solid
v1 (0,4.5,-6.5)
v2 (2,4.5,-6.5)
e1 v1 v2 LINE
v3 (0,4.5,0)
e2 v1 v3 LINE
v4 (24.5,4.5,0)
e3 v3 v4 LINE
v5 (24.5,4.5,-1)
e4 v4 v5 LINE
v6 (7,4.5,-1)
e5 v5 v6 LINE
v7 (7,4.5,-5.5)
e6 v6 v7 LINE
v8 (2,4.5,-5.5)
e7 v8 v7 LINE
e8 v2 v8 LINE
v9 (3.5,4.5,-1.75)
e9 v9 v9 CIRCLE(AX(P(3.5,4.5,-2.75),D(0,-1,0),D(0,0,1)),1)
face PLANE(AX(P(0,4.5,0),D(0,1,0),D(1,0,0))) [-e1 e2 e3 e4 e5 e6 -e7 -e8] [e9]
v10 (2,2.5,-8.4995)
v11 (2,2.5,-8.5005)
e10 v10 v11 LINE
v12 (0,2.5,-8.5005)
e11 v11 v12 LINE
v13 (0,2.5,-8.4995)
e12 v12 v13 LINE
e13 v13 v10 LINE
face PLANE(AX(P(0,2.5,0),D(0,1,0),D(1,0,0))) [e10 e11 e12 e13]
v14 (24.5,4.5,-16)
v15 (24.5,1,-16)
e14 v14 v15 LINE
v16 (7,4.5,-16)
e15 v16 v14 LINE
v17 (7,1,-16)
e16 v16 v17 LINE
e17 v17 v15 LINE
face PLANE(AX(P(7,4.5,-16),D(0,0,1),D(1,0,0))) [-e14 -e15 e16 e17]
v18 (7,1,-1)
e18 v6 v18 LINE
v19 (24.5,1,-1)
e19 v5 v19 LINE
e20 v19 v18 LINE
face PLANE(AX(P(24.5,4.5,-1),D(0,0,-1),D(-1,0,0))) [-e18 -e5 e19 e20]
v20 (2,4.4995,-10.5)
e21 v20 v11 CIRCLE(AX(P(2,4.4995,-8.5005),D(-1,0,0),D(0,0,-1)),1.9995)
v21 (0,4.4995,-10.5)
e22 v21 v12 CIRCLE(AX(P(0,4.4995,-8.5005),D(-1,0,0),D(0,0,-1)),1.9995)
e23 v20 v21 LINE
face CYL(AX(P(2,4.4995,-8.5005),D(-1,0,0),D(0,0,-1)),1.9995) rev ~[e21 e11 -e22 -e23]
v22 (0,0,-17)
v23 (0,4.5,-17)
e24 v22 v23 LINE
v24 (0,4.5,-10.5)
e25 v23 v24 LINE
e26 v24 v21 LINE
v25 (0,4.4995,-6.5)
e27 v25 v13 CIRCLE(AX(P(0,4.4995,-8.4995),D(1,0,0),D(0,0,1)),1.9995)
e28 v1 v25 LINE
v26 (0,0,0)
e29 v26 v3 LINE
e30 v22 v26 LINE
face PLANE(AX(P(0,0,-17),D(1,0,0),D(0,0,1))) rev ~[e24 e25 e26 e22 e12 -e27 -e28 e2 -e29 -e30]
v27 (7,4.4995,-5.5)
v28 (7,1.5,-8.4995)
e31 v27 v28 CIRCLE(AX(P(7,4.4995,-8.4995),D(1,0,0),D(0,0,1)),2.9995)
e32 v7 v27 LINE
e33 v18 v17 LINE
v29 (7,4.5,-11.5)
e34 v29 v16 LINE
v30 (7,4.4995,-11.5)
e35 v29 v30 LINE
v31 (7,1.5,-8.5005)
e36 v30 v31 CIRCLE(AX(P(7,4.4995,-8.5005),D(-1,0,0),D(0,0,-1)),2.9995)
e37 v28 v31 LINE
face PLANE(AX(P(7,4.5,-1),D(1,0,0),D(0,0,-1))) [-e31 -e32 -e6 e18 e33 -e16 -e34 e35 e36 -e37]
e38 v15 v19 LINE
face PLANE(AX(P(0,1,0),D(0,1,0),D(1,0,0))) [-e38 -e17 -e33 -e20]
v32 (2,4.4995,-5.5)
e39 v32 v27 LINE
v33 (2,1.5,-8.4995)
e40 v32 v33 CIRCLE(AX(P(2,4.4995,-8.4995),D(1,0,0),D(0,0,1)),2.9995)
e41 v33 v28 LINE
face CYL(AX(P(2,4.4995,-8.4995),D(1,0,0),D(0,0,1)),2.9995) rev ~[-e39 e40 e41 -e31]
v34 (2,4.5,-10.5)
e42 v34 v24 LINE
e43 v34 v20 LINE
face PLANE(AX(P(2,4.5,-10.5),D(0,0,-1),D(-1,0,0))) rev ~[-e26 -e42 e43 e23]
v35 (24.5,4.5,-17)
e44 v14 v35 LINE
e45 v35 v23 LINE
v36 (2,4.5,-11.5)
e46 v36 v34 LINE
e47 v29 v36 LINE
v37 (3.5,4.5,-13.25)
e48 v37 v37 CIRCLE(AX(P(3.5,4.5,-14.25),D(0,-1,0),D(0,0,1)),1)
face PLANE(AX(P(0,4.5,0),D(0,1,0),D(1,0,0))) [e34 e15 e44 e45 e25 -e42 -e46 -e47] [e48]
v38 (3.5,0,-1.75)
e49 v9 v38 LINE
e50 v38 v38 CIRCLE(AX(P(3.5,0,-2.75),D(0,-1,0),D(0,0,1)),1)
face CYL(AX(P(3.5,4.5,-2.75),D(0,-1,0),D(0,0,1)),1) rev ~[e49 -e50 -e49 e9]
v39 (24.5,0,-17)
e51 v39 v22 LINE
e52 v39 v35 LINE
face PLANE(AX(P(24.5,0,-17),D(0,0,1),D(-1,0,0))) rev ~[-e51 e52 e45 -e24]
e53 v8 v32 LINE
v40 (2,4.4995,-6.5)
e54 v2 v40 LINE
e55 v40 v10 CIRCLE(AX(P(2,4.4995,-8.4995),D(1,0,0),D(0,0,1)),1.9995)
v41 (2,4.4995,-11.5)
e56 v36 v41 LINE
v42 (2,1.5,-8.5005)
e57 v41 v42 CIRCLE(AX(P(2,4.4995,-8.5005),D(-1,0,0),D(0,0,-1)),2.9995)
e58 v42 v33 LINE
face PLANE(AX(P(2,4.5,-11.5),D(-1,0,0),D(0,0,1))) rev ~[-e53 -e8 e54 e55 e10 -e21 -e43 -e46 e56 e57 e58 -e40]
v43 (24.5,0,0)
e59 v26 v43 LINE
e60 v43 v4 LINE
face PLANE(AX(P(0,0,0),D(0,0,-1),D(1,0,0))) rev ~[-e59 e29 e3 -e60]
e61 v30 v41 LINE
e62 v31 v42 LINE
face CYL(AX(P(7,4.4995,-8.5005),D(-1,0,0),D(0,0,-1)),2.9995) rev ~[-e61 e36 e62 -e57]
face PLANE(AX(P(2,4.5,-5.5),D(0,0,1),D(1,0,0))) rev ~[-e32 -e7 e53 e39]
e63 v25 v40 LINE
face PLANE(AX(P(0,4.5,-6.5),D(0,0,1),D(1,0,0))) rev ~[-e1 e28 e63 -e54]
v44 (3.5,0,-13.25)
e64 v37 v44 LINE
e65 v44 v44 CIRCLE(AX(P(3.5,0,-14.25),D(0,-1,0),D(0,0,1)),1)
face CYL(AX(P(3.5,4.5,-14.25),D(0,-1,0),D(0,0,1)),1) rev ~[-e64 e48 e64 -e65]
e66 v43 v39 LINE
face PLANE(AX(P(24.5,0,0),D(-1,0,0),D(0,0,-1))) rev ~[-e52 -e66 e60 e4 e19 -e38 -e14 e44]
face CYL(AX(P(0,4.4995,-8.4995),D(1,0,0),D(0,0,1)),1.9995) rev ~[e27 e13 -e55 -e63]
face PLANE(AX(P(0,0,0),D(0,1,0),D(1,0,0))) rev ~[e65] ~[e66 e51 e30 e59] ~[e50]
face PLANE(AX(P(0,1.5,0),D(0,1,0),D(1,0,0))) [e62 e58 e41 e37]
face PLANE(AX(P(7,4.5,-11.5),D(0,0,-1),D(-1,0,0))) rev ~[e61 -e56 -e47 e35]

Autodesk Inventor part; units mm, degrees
ref_plane "YZ Plane" through (0, 0, 0) normal (1, 0, 0) x (0, 1, 0)
ref_plane "XZ Plane" through (0, 0, 0) normal (0, 1, 0) x (-1, 0, 0)
ref_plane "XY Plane" through (0, 0, 0) normal (0, 0, 1) x (1, 0, 0)
sketch "Эскиз24" plane through (0, 0, 0) normal (0, 1, 0) x (1, 0, 0)
  line L0 (0, 0) -> (24.5, 0)
  line L1 (24.5, 0) -> (24.5, 17)
  line L2 (24.5, 17) -> (0, 17)
  line L3 (0, 17) -> (0, 0)
  dimension "d124" = 24.5
  dimension "d125" = 17
extrude "Выдавливание17" add sketch "Эскиз24" along normal blind 4.5
sketch "Эскиз25" plane through (0, 4.5, 0) normal (0, 1, 0) x (1, 0, 0)
  line L0 (24.5, 1) -> (7, 1)
  line L1 (7, 1) -> (7, 16)
  line L2 (7, 16) -> (24.5, 16)
  line L3 (24.5, 16) -> (24.5, 1)
  line L4 (24.5, 0) -> (24.5, 17) projected
  line L5 (0, 17) -> (0, 0) projected
  point P0 (24.5, 8.5)
  dimension "d128" = 15
  dimension "d129" = 17.5
extrude "Выдавливание18" cut sketch "Эскиз25" against normal blind 3.5
sketch "Эскиз26" plane through (0, 4.5, 0) normal (0, 1, 0) x (1, 0, 0)
  line L0 (7, 1) -> (7, 16) projected
  line L1 (2, 5.5) -> (7, 5.5)
  line L2 (7, 5.5) -> (7, 11.5)
  line L3 (7, 11.5) -> (2, 11.5)
  line L4 (2, 11.5) -> (2, 5.5)
  line L5 (7, 1) -> (7, 16) projected
  point P0 (0, 0)
  point P1 (7, 8.5)
  dimension "d133" = 5
  dimension "d134" = 6
extrude "Выдавливание19" cut sketch "Эскиз26" against normal blind 3
fillet "Сопряжение8" radius 3 2 edges at (4.5, 1.5, -11.5) (4.5, 1.5, -5.5)
sketch "Эскиз27" plane through (0, 4.5, 0) normal (0, 1, 0) x (1, 0, 0)
  line L0 (0, 6.5) -> (2, 6.5)
  line L1 (2, 6.5) -> (2, 10.5)
  line L2 (2, 10.5) -> (0, 10.5)
  line L3 (0, 10.5) -> (0, 6.5)
  line L4 (2, 5.5) -> (2, 11.5) projected
  line L5 (0, 17) -> (0, 0) projected
  point P0 (2, 8.5)
  dimension "d138" = 4
extrude "Выдавливание20" cut sketch "Эскиз27" against normal blind 2
fillet "Сопряжение9" radius 2 2 edges at (1, 2.5, -10.5) (1, 2.5, -6.5)
sketch "Эскиз28" plane through (0, 4.5, 0) normal (0, 1, 0) x (1, 0, 0)
  line L0 (2, 11.5) -> (7, 11.5) projected
  line L1 (0, 17) -> (0, 0) projected
  line L2 (7, 11.5) -> (0, 11.5)
  line L3 (0, 11.5) -> (0, 17)
  line L4 (0, 17) -> (7, 17)
  line L5 (7, 17) -> (7, 11.5)
  line L6 (7, 5.5) -> (2, 5.5) projected
  line L7 (7, 5.5) -> (0, 5.5)
  line L8 (0, 5.5) -> (0, 0)
  line L9 (0, 0) -> (7, 0)
  line L10 (7, 0) -> (7, 5.5)
  line L11 (24.5, 17) -> (0, 17) construction
  line L12 (0, 17) -> (7, 11.5) construction
  line L13 (0, 0) -> (7, 5.5) construction
  point P0 (3.5, 14.25)
  point P1 (3.5, 2.75)
hole "Отверстие6" at (3.5, 4.5, -14.25) at (3.5, 4.5, -2.75) direction (0, -1, 0) diameter 2 depth 4.5
sketch "Эскиз21" plane through (20, 0, 0.1742) normal (1, 0, 0) x (0, 0, -1)
  line L0 (0.1742, 0) -> (-5.0258, 0) projected
  line L1 (0.1742, 0) -> (0.1742, 25) projected
  line L2 (-5.0258, 0) -> (-8.7758, -17.85)
  line L3 (0.1742, 0) -> (-3.5758, -17.85)
  line L4 (-8.7758, -17.85) -> (-3.5758, -17.85)
  dimension "d103" = 17.85
  dimension "d104" = 8.95
sketch "Эскиз22" plane through (20, -17.85, 3.75) normal (0, -1, 0) x (1, 0, 0)
  line L0 (0, 0) -> (-9.1, 0)
  line L1 (-9.1, 0) -> (-9.1, 17.3)
  line L2 (-9.1, 17.3) -> (0, 17.3)
  line L3 (0, 17.3) -> (0, 0)
  line L4 (0, 5.2) -> (-9.1, 5.2) projected
  line L5 (0, 0) -> (-9.1, 0) projected
  line L6 (0, 5.2) -> (0, 0) projected
  line L7 (0, 0) -> (-9.1, 0) projected
  line L8 (-9.1, 0) -> (-9.1, 5.2) projected
  line L9 (0, 5.2) -> (-9.1, 5.2) projected
  point P0 (-20, -3.75)
  point P1 (0, -7.9181)
  point P2 (-9.1, -7.9181)
  point P3 (-9.1, 0)
  point P4 (-9.1, -7.9181)
  point P5 (0, -7.9181)
  point P6 (0, 0)
  point P7 (0, 4.1819)
  point P8 (-9.1, 4.1819)
  dimension "d122" = 12.1
sketch "Эскиз23" plane through (40.15, -13.85, 3.75) normal (0, 1, 0) x (1, 0, 0)
  line L0 (-9.1, -17.3) -> (0, -17.3) projected
  line L1 (-4.55, -17.3) -> (-4.55, -12.6)
  point P0 (-40.15, 3.75)
  dimension "d118" = 4.7
properties part number "Крепление USB"
